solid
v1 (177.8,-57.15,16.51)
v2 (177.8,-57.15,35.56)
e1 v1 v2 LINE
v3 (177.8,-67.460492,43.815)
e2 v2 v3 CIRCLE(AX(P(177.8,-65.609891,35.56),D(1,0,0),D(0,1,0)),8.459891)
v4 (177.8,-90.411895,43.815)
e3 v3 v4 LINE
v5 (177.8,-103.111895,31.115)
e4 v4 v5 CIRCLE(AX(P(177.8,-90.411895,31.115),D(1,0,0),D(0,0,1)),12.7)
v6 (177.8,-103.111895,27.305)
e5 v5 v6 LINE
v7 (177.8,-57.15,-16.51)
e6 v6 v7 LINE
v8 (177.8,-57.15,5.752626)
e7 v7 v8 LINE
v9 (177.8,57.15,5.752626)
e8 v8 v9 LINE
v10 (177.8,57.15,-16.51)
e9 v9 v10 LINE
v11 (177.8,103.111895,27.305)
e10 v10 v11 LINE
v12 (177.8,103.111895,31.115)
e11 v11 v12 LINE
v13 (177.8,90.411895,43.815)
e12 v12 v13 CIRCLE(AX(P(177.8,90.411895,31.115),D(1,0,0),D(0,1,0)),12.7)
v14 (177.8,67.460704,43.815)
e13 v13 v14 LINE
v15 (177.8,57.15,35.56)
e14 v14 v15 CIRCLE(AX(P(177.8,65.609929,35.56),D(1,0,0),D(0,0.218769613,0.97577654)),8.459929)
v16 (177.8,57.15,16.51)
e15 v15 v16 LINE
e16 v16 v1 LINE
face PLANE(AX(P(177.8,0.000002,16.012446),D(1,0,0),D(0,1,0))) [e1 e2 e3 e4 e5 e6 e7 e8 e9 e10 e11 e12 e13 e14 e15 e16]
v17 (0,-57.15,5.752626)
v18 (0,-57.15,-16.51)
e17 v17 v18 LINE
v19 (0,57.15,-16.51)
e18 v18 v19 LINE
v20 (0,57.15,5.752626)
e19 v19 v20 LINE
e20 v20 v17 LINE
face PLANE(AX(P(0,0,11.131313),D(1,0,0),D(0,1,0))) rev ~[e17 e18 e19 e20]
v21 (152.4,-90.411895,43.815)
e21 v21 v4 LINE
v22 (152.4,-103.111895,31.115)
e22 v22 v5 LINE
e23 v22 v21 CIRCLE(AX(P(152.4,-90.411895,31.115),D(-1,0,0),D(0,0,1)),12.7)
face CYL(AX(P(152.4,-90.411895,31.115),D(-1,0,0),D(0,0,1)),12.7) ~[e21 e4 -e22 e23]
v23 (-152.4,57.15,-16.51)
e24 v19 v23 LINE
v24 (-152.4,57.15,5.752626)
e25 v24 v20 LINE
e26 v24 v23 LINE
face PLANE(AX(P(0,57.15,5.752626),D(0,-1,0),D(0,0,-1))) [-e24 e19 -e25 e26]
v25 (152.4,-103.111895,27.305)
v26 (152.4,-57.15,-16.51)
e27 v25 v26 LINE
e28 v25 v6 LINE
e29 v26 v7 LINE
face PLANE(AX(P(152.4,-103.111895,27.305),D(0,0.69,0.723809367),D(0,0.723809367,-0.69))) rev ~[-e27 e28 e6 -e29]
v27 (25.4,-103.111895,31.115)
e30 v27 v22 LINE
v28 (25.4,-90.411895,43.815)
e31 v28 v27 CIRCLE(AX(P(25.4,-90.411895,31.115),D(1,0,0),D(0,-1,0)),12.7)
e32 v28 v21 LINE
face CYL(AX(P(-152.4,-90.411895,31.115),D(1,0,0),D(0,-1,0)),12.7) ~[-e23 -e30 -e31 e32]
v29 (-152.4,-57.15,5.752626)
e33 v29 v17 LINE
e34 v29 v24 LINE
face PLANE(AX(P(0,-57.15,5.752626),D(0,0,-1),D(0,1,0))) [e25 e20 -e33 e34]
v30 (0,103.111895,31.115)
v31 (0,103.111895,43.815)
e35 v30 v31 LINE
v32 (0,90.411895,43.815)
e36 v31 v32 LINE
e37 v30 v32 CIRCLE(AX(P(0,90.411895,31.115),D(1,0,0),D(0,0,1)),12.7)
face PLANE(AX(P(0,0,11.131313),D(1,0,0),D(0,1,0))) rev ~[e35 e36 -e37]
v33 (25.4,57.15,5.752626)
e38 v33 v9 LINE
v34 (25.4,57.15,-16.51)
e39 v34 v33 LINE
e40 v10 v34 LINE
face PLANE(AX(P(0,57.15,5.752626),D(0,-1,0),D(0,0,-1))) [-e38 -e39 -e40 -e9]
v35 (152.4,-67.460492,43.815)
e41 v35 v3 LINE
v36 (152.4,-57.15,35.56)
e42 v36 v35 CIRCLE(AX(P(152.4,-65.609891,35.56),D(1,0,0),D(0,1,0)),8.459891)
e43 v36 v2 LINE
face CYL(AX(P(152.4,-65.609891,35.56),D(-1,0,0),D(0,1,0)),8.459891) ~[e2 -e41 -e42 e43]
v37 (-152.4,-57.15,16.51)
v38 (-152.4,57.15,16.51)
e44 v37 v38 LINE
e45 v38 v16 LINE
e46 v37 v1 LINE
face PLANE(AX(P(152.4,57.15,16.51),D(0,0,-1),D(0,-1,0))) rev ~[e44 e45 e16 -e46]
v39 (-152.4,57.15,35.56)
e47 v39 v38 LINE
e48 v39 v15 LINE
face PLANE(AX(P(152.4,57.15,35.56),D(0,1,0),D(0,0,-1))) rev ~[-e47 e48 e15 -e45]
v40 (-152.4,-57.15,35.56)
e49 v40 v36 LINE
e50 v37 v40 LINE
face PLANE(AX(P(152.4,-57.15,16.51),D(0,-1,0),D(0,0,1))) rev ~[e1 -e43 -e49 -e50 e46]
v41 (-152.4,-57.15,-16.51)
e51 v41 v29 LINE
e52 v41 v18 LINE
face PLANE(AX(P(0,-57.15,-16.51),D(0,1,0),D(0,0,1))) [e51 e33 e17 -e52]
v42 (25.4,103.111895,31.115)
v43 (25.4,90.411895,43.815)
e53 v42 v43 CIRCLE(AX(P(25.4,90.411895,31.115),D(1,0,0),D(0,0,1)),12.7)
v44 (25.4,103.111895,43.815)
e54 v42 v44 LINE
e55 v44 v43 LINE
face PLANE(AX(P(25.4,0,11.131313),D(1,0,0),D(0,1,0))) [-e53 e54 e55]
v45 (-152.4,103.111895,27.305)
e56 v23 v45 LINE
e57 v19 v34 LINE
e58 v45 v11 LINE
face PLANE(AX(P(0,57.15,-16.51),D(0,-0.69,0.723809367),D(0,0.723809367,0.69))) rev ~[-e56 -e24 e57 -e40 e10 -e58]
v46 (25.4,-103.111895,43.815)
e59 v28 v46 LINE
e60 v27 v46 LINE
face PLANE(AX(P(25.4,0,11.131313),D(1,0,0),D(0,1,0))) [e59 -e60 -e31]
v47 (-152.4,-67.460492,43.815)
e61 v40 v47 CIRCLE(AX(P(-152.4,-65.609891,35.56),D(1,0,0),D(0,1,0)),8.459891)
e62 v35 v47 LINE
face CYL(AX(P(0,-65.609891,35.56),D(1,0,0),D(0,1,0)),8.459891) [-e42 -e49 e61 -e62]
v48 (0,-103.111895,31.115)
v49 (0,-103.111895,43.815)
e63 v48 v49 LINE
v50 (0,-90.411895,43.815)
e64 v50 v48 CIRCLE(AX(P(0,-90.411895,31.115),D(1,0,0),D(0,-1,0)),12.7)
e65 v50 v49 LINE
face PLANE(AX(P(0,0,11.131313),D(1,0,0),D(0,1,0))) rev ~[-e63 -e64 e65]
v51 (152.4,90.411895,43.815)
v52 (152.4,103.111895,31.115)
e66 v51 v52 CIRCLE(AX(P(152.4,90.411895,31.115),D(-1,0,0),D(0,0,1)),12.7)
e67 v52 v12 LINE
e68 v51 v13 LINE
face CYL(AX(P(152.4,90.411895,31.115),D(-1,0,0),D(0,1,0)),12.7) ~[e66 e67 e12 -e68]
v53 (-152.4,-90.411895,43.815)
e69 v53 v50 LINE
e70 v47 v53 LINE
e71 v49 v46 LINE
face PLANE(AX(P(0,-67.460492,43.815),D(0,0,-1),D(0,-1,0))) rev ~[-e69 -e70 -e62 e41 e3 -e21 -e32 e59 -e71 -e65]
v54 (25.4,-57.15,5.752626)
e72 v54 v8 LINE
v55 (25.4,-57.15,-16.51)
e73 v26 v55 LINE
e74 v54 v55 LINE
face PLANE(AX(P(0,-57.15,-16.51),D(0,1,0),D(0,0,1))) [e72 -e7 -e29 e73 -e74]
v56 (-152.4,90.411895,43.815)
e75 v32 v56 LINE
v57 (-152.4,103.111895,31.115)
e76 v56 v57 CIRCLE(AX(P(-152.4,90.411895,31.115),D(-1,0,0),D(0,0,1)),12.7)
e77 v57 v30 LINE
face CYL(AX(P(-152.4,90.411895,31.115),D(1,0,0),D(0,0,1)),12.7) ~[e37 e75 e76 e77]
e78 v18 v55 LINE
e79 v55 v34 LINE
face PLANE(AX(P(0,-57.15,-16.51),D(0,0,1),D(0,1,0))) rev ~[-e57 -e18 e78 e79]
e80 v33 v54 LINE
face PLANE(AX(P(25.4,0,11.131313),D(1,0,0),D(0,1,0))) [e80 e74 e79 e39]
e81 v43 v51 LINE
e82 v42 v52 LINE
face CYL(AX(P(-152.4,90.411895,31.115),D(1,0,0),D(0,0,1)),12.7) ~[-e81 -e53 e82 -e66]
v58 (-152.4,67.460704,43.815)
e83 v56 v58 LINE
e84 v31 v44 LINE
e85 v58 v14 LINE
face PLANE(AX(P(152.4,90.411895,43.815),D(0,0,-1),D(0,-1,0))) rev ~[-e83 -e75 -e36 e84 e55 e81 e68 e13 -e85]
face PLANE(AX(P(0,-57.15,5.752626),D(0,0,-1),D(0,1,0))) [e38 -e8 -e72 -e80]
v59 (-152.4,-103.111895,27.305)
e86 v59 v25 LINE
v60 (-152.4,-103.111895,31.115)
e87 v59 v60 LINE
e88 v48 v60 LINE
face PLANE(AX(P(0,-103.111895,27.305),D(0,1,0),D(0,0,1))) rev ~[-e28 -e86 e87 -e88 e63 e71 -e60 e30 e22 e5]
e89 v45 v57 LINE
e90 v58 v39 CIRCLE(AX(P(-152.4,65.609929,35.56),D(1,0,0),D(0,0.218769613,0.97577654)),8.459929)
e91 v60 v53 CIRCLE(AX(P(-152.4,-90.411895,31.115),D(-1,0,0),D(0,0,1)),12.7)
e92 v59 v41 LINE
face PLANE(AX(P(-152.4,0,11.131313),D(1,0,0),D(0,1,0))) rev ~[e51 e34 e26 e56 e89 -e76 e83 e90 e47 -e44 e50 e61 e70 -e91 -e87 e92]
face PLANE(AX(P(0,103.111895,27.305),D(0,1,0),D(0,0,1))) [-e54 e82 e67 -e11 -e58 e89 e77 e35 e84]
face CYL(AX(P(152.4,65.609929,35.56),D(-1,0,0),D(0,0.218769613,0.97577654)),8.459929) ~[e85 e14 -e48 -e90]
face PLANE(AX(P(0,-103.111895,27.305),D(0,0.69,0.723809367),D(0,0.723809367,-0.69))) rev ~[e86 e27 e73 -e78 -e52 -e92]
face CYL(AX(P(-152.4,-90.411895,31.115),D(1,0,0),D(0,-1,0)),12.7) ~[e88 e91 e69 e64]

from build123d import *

# Parameters (mm, degrees)
F0_W     = 114.3
F0_H     = 10.7573736592
F0_W_2   = 21.6373776872
F0_H_2   = 16.51
F0_W_3   = 22.1525625052
F1_DEPTH = 152.4
F2_R     = 12.7
F0_H_3   = 22.2626263408
F3_DEPTH = 25.4


with BuildPart() as f1:
    # F0 (on Right) → F1 (new body, symmetric)
    with BuildSketch(Plane.YZ):
        with Locations((0, 11.1313131704)):
            Rectangle(F0_W, F0_H)
        with Locations((92.2932059716, 35.56)):
            Rectangle(F0_W_2, F0_H_2)
        with Locations((-92.0356135626, 35.56)):
            Rectangle(F0_W_3, F0_H_2)
        with BuildLine():
            Line((-57.15, 5.7526263408), (-57.15, 16.51))
            Line((-57.15, 16.51), (-57.15, 35.56))
            ThreePointArc((-57.15, 35.56), (-60.3224589832, 42.164), (-67.4604916954, 43.815))
            Line((-67.4604916954, 43.815), (-80.95933231, 43.815))
            Line((-80.95933231, 43.815), (-80.95933231, 27.305))
            Line((-80.95933231, 27.305), (-57.15, 5.7526263408))
        make_face()
        with BuildLine():
            Line((57.15, 35.56), (57.15, 16.51))
            Line((57.15, 16.51), (57.15, 5.7526263408))
            Line((57.15, 5.7526263408), (81.474517128, 27.305))
            Line((81.474517128, 27.305), (81.474517128, 43.815))
            Line((81.474517128, 43.815), (67.460704078, 43.815))
            ThreePointArc((67.460704078, 43.815), (60.322539648, 42.1640828959), (57.15, 35.56))
        make_face()
        Polygon((-57.15, -16.51), (-57.15, 5.7526263408), (-80.95933231, 27.305), (-103.1118948152, 27.305), align=None)
        Polygon((81.474517128, 27.305), (57.15, 5.7526263408), (57.15, -16.51), (103.1118948152, 27.305), align=None)
    extrude(amount=F1_DEPTH, both=True)

    # F2
    f2_edges = [f1.edges().sort_by_distance(p)[0] for p in [
        (0, -103.111895, 43.815),
        (0, 103.111895, 43.815),
    ]]
    fillet(f2_edges, radius=F2_R)

    # F0 (on Right) + F1_face (on face) + F1_face1 (on face) → F3 (join)
    with BuildSketch(Plane.YZ):
        with Locations((0, 11.1313131704)):
            Rectangle(F0_W, F0_H)
        with BuildLine():
            Line((-57.15, 5.7526263408), (-57.15, 16.51))
            Line((-57.15, 16.51), (-57.15, 35.56))
            ThreePointArc((-57.15, 35.56), (-60.3224589832, 42.164), (-67.4604916954, 43.815))
            Line((-67.4604916954, 43.815), (-80.95933231, 43.815))
            Line((-80.95933231, 43.815), (-80.95933231, 27.305))
            Line((-80.95933231, 27.305), (-57.15, 5.7526263408))
        make_face()
        with BuildLine():
            Line((57.15, 35.56), (57.15, 16.51))
            Line((57.15, 16.51), (57.15, 5.7526263408))
            Line((57.15, 5.7526263408), (81.474517128, 27.305))
            Line((81.474517128, 27.305), (81.474517128, 43.815))
            Line((81.474517128, 43.815), (67.460704078, 43.815))
            ThreePointArc((67.460704078, 43.815), (60.322539648, 42.1640828959), (57.15, 35.56))
        make_face()
        with Locations((0, -5.3786868296)):
            Rectangle(F0_W, F0_H_3)
        Polygon((-57.15, -16.51), (-57.15, 5.7526263408), (-80.95933231, 27.305), (-103.1118948152, 27.305), align=None)
        Polygon((81.474517128, 27.305), (57.15, 5.7526263408), (57.15, -16.51), (103.1118948152, 27.305), align=None)
        with Locations((-92.0356135626, 35.56)):
            Rectangle(F0_W_3, F0_H_2)
        with Locations((92.2932059716, 35.56)):
            Rectangle(F0_W_2, F0_H_2)
    with BuildSketch(Plane(origin=(-152.4, 3.5899e-06, 19.1366208501), x_dir=(0, 1, 0), z_dir=(-1, 0, 0))):
        with BuildLine():
            Line((103.1118912253, -11.9783791499), (103.1118912253, -8.1683791499))
            Line((103.1118912253, -8.1683791499), (57.1499964101, 35.6466208501))
            Line((57.1499964101, 35.6466208501), (57.1499964101, 13.3839945093))
            Line((57.1499964101, 13.3839945093), (-57.1500035899, 13.3839945093))
            Line((-57.1500035899, 13.3839945093), (-57.1500035899, 35.6466208501))
            Line((-57.1500035899, 35.6466208501), (-103.111898405, -8.1683791499))
            Line((-103.111898405, -8.1683791499), (-103.111898405, -11.9783791499))
            ThreePointArc((-103.111898405, -11.9783791499), (-99.3921545261, -20.958635271), (-90.411898405, -24.6783791499))
            Line((-90.411898405, -24.6783791499), (-67.4604952852, -24.6783791499))
            ThreePointArc((-67.4604952852, -24.6783791499), (-60.3224625731, -23.0273791499), (-57.1500035899, -16.4233791499))
            Line((-57.1500035899, -16.4233791499), (-57.1500035899, 2.6266208501))
            Line((-57.1500035899, 2.6266208501), (57.1499964101, 2.6266208501))
            Line((57.1499964101, 2.6266208501), (57.1499964101, -16.4233791499))
            ThreePointArc((57.1499964101, -16.4233791499), (60.3225360581, -23.0274620458), (67.4607004881, -24.6783791499))
            Line((67.4607004881, -24.6783791499), (90.4118912253, -24.6783791499))
            ThreePointArc((90.4118912253, -24.6783791499), (99.3921473464, -20.958635271), (103.1118912253, -11.9783791499))
        make_face()
    with BuildSketch(Plane(origin=(152.4, 3.5899e-06, 19.1366208501), x_dir=(0, 1, 0), z_dir=(1, 0, 0))):
        with BuildLine():
            Line((103.1118912253, 8.1683791499), (103.1118912253, 11.9783791499))
            ThreePointArc((103.1118912253, 11.9783791499), (99.3921473464, 20.958635271), (90.4118912253, 24.6783791499))
            Line((90.4118912253, 24.6783791499), (67.4607004881, 24.6783791499))
            ThreePointArc((67.4607004881, 24.6783791499), (60.3225360581, 23.0274620458), (57.1499964101, 16.4233791499))
            Line((57.1499964101, 16.4233791499), (57.1499964101, -2.6266208501))
            Line((57.1499964101, -2.6266208501), (-57.1500035899, -2.6266208501))
            Line((-57.1500035899, -2.6266208501), (-57.1500035899, 16.4233791499))
            ThreePointArc((-57.1500035899, 16.4233791499), (-60.3224625731, 23.0273791499), (-67.4604952852, 24.6783791499))
            Line((-67.4604952852, 24.6783791499), (-90.411898405, 24.6783791499))
            ThreePointArc((-90.411898405, 24.6783791499), (-99.3921545261, 20.958635271), (-103.111898405, 11.9783791499))
            Line((-103.111898405, 11.9783791499), (-103.111898405, 8.1683791499))
            Line((-103.111898405, 8.1683791499), (-57.1500035899, -35.6466208501))
            Line((-57.1500035899, -35.6466208501), (-57.1500035899, -13.3839945093))
            Line((-57.1500035899, -13.3839945093), (57.1499964101, -13.3839945093))
            Line((57.1499964101, -13.3839945093), (57.1499964101, -35.6466208501))
            Line((57.1499964101, -35.6466208501), (103.1118912253, 8.1683791499))
        make_face()
    extrude(amount=F3_DEPTH, dir=(1, 0, 0))


solid = f1.part
